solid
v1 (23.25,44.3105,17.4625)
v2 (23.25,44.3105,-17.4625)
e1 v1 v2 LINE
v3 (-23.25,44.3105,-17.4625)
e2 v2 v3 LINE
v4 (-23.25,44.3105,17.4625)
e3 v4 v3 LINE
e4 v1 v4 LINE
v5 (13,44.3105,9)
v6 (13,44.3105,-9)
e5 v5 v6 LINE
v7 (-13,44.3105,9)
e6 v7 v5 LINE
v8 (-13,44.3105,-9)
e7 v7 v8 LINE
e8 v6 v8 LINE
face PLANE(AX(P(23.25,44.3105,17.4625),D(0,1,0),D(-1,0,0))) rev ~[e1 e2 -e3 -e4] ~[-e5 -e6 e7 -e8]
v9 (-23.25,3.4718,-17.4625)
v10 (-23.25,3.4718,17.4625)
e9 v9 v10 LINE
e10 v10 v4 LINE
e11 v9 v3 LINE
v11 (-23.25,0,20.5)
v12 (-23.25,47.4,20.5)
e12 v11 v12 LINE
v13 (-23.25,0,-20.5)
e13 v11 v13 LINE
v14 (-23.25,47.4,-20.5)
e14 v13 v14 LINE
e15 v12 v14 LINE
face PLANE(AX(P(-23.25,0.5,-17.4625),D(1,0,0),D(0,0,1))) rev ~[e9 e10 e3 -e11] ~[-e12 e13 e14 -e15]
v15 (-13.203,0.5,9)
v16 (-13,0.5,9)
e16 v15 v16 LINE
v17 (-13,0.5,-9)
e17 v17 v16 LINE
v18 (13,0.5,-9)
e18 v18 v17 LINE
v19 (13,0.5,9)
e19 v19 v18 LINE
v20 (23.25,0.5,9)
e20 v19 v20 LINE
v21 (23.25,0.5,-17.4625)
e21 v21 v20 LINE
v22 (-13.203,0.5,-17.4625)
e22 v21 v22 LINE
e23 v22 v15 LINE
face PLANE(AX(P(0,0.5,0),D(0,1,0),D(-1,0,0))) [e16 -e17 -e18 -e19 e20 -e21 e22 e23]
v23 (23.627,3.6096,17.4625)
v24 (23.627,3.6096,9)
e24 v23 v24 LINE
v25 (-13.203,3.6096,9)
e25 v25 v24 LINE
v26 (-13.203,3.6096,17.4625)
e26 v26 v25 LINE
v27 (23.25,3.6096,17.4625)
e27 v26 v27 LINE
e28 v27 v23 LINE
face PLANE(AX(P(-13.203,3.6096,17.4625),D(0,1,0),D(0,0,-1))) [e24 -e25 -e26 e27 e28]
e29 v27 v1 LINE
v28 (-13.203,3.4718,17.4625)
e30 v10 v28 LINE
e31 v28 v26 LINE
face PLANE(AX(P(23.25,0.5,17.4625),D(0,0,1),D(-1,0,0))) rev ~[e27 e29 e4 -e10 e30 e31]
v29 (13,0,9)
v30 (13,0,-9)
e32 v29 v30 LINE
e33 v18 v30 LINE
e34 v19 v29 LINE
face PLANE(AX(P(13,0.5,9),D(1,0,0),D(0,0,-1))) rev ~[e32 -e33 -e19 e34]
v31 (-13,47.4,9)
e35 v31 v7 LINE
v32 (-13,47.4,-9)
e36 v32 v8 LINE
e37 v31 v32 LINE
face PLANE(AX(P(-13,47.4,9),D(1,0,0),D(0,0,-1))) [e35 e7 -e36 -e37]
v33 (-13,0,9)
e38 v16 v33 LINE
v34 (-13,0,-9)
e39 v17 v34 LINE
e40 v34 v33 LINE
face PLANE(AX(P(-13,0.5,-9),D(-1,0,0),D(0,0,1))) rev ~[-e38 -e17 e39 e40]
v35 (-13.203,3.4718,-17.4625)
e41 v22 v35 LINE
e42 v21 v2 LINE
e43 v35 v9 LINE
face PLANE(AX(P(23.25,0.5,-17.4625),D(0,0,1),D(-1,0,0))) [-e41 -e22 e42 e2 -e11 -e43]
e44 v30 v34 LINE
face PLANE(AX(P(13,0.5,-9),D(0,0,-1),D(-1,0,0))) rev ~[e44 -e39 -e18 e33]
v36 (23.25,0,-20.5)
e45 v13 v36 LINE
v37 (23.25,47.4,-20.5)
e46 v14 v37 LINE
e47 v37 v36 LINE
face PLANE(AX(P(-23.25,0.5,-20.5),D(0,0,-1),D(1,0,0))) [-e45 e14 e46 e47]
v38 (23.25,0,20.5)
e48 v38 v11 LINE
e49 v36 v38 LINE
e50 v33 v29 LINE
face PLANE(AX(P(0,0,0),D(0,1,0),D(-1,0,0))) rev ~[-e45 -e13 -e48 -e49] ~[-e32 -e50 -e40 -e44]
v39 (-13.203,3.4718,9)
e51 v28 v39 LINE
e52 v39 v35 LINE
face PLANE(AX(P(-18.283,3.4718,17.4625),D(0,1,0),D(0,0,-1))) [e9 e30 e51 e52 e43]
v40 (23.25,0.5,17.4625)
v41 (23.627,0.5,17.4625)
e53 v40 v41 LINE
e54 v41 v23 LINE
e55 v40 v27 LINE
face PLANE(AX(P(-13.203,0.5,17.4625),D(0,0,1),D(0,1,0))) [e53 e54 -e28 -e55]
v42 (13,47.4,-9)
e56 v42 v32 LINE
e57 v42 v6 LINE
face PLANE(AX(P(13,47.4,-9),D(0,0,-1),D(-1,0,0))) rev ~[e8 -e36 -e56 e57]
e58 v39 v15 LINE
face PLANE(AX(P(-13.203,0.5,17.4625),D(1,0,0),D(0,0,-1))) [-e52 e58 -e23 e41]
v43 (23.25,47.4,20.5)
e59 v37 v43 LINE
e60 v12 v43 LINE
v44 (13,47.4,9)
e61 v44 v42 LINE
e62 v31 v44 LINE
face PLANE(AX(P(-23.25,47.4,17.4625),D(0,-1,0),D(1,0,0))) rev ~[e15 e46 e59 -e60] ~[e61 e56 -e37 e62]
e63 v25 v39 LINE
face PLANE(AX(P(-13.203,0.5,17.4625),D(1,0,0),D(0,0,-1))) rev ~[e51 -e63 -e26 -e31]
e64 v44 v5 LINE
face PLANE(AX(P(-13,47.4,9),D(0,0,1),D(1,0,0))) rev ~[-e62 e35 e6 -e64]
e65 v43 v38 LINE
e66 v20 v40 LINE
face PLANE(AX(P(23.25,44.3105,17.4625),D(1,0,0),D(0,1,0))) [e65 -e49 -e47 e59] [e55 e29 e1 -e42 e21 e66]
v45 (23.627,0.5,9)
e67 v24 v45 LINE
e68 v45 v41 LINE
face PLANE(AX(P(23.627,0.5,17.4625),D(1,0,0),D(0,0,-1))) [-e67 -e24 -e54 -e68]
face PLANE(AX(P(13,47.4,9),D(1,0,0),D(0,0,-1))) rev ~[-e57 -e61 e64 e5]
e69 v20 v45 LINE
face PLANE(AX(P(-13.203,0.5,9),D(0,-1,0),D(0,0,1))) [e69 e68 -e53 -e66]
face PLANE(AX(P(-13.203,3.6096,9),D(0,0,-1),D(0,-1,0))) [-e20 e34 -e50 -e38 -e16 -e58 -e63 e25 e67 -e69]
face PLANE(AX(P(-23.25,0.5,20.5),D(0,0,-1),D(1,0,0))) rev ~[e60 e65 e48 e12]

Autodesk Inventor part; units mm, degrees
ref_plane "YZ Plane" through (0, 0, 0) normal (1, 0, 0) x (0, 1, 0)
ref_plane "XZ Plane" through (0, 0, 0) normal (0, 1, 0) x (-1, 0, 0)
ref_plane "XY Plane" through (0, 0, 0) normal (0, 0, 1) x (1, 0, 0)
sketch "Sketch1" plane through (0, 0, 0) normal (0, 1, 0) x (-1, 0, 0)
  point P0 (0, 0)
sketch "Sketch2" plane through (0, 0, 0) normal (0, 1, 0) x (-1, 0, 0)
  line L0 (23.25, -20.5) -> (-23.25, -20.5)
  line L1 (-23.25, -20.5) -> (-23.25, 20.5)
  line L2 (-23.25, 20.5) -> (23.25, 20.5)
  line L3 (23.25, 20.5) -> (23.25, -20.5)
  line L4 (23.25, -20.5) -> (-23.25, 20.5) construction
  line L5 (-23.25, -20.5) -> (23.25, 20.5) construction
  point P0 (0, 0)
  dimension "d0" = 46.5
  dimension "d1" = 41
extrude "Extrusion1" add sketch "Sketch2" along normal blind 0.5
sketch "Sketch3" plane through (0, 0.5, 0) normal (0, 1, 0) x (1, 0, 0)
  line L0 (-13, -9) -> (13, -9)
  line L1 (13, -9) -> (13, 9)
  line L2 (13, 9) -> (-13, 9)
  line L3 (-13, 9) -> (-13, -9)
  line L4 (-13, -9) -> (13, 9) construction
  line L5 (13, -9) -> (-13, 9) construction
  point P0 (0, 0)
  dimension "d4" = 26
  dimension "d5" = 18
extrude "Extrusion2" cut sketch "Sketch3" against normal blind 25.4
sketch "Sketch4" plane through (0, 0.5, 0) normal (0, 1, 0) x (1, 0, 0)
  line L0 (-23.25, 20.5) -> (-23.25, -20.5) projected
  line L1 (23.25, -20.5) -> (23.25, 20.5) projected
  line L2 (-23.25, -20.5) -> (23.25, -20.5)
  line L3 (23.25, -20.5) -> (23.25, -17.4625)
  line L4 (23.25, -17.4625) -> (-23.25, -17.4625)
  line L5 (-23.25, -17.4625) -> (-23.25, -20.5)
  point P0 (0, 0)
extrude "Extrusion3" add sketch "Sketch4" along normal blind 46.9
sketch "Sketch5" plane through (0, 0.5, 0) normal (0, 1, 0) x (1, 0, 0)
  line L0 (-23.25, 20.5) -> (-23.25, -17.4625) projected
  line L1 (-23.25, 20.5) -> (23.25, 20.5)
  line L2 (23.25, 20.5) -> (23.25, 17.4625)
  line L3 (23.25, 17.4625) -> (-23.25, 17.4625)
  line L4 (-23.25, 17.4625) -> (-23.25, 20.5)
  point P0 (0, 0)
extrude "Extrusion4" add sketch "Sketch5" along normal blind 46.9
sketch "Sketch6" plane through (23.25, 0.5, 17.4625) normal (0, 0, -1) x (-1, 0, 0)
  point P0 (23.25, -0.5)
sketch "Sketch7" plane through (23.25, 0.5, 17.4625) normal (0, 0, -1) x (-1, 0, 0)
  point P0 (23.25, -0.5)
sketch "Sketch8" plane through (23.25, 0.5, 17.4625) normal (0, 0, -1) x (-1, 0, 0)
  line L0 (46.5, 0) -> (46.5, 46.9) projected
  line L1 (0, 0) -> (0, 46.9) projected
  line L2 (46.5, 46.9) -> (0, 46.9)
  line L3 (0, 46.9) -> (0, 43.8105)
  line L4 (0, 43.8105) -> (46.5, 43.8105)
  line L5 (46.5, 43.8105) -> (46.5, 46.9)
  point P0 (23.25, -0.5)
extrude "Extrusion5" add sketch "Sketch8" along normal blind 35
sketch "Sketch9" plane through (0, 47.4, 0) normal (0, 1, 0) x (1, 0, 0)
  line L0 (-13, -9) -> (-13, 9) projected
  line L1 (13, 9) -> (-13, 9)
  line L2 (-13, 9) -> (-13, -9)
  line L3 (-13, -9) -> (13, -9)
  line L4 (13, -9) -> (13, 9)
  line L5 (13, 9) -> (-13, -9) construction
  line L6 (-13, 9) -> (13, -9) construction
  point P0 (0, 0)
sketch "Sketch10" plane through (0, 0.5, 0) normal (0, 1, 0) x (1, 0, 0)
  point P0 (0, 0)
sketch "Sketch11" plane through (0, 0.5, 0) normal (0, 1, 0) x (1, 0, 0)
  line L0 (-23.25, -17.4625) -> (23.25, -17.4625) projected
  line L1 (-23.25, -17.4625) -> (-18.283, -17.4625)
  line L2 (-18.283, -17.4625) -> (-18.283, 17.4625)
  line L3 (-18.283, 17.4625) -> (-23.25, 17.4625)
  line L4 (-23.25, 17.4625) -> (-23.25, -17.4625)
  point P0 (0, 0)
extrude "Extrusion6" add sketch "Sketch11" along normal blind 2.9718
extrude "Extrusion7" cut sketch "Sketch9" against normal blind 4.9657
sketch "Sketch12" plane through (0, 0.5, 0) normal (0, 1, 0) x (1, 0, 0)
  point P0 (0, 0)
sketch "Sketch14" plane through (-18.283, 0.5, 17.4625) normal (1, 0, 0) x (0, 0, -1)
  line L0 (0, 2.9718) -> (0, 43.8105) projected
  line L1 (34.925, 0) -> (34.925, 43.8105) projected
  line L2 (0, 2.9718) -> (34.925, 2.9718)
  line L3 (34.925, 2.9718) -> (34.925, 0)
  line L4 (34.925, 0) -> (0, 0)
  line L5 (0, 0) -> (0, 2.9718)
  point P0 (17.4625, -0.5)
extrude "Extrusion9" add sketch "Sketch14" along normal blind 5.08
sketch "Sketch15" plane through (-13.203, 0.5, 17.4625) normal (1, 0, 0) x (0, 0, -1)
  line L0 (0, 0) -> (0, 43.8105) projected
  line L1 (8.4625, 0) -> (26.4625, 0) projected
  line L2 (0, 3.1096) -> (8.4625, 3.1096)
  line L3 (8.4625, 3.1096) -> (8.4625, 0)
  line L4 (8.4625, 0) -> (0, 0)
  line L5 (0, 0) -> (0, 3.1096)
  point P0 (17.4625, -0.5)
extrude "Extrusion10" add sketch "Sketch15" along normal blind 36.83
properties part number "ChamberSurface"
